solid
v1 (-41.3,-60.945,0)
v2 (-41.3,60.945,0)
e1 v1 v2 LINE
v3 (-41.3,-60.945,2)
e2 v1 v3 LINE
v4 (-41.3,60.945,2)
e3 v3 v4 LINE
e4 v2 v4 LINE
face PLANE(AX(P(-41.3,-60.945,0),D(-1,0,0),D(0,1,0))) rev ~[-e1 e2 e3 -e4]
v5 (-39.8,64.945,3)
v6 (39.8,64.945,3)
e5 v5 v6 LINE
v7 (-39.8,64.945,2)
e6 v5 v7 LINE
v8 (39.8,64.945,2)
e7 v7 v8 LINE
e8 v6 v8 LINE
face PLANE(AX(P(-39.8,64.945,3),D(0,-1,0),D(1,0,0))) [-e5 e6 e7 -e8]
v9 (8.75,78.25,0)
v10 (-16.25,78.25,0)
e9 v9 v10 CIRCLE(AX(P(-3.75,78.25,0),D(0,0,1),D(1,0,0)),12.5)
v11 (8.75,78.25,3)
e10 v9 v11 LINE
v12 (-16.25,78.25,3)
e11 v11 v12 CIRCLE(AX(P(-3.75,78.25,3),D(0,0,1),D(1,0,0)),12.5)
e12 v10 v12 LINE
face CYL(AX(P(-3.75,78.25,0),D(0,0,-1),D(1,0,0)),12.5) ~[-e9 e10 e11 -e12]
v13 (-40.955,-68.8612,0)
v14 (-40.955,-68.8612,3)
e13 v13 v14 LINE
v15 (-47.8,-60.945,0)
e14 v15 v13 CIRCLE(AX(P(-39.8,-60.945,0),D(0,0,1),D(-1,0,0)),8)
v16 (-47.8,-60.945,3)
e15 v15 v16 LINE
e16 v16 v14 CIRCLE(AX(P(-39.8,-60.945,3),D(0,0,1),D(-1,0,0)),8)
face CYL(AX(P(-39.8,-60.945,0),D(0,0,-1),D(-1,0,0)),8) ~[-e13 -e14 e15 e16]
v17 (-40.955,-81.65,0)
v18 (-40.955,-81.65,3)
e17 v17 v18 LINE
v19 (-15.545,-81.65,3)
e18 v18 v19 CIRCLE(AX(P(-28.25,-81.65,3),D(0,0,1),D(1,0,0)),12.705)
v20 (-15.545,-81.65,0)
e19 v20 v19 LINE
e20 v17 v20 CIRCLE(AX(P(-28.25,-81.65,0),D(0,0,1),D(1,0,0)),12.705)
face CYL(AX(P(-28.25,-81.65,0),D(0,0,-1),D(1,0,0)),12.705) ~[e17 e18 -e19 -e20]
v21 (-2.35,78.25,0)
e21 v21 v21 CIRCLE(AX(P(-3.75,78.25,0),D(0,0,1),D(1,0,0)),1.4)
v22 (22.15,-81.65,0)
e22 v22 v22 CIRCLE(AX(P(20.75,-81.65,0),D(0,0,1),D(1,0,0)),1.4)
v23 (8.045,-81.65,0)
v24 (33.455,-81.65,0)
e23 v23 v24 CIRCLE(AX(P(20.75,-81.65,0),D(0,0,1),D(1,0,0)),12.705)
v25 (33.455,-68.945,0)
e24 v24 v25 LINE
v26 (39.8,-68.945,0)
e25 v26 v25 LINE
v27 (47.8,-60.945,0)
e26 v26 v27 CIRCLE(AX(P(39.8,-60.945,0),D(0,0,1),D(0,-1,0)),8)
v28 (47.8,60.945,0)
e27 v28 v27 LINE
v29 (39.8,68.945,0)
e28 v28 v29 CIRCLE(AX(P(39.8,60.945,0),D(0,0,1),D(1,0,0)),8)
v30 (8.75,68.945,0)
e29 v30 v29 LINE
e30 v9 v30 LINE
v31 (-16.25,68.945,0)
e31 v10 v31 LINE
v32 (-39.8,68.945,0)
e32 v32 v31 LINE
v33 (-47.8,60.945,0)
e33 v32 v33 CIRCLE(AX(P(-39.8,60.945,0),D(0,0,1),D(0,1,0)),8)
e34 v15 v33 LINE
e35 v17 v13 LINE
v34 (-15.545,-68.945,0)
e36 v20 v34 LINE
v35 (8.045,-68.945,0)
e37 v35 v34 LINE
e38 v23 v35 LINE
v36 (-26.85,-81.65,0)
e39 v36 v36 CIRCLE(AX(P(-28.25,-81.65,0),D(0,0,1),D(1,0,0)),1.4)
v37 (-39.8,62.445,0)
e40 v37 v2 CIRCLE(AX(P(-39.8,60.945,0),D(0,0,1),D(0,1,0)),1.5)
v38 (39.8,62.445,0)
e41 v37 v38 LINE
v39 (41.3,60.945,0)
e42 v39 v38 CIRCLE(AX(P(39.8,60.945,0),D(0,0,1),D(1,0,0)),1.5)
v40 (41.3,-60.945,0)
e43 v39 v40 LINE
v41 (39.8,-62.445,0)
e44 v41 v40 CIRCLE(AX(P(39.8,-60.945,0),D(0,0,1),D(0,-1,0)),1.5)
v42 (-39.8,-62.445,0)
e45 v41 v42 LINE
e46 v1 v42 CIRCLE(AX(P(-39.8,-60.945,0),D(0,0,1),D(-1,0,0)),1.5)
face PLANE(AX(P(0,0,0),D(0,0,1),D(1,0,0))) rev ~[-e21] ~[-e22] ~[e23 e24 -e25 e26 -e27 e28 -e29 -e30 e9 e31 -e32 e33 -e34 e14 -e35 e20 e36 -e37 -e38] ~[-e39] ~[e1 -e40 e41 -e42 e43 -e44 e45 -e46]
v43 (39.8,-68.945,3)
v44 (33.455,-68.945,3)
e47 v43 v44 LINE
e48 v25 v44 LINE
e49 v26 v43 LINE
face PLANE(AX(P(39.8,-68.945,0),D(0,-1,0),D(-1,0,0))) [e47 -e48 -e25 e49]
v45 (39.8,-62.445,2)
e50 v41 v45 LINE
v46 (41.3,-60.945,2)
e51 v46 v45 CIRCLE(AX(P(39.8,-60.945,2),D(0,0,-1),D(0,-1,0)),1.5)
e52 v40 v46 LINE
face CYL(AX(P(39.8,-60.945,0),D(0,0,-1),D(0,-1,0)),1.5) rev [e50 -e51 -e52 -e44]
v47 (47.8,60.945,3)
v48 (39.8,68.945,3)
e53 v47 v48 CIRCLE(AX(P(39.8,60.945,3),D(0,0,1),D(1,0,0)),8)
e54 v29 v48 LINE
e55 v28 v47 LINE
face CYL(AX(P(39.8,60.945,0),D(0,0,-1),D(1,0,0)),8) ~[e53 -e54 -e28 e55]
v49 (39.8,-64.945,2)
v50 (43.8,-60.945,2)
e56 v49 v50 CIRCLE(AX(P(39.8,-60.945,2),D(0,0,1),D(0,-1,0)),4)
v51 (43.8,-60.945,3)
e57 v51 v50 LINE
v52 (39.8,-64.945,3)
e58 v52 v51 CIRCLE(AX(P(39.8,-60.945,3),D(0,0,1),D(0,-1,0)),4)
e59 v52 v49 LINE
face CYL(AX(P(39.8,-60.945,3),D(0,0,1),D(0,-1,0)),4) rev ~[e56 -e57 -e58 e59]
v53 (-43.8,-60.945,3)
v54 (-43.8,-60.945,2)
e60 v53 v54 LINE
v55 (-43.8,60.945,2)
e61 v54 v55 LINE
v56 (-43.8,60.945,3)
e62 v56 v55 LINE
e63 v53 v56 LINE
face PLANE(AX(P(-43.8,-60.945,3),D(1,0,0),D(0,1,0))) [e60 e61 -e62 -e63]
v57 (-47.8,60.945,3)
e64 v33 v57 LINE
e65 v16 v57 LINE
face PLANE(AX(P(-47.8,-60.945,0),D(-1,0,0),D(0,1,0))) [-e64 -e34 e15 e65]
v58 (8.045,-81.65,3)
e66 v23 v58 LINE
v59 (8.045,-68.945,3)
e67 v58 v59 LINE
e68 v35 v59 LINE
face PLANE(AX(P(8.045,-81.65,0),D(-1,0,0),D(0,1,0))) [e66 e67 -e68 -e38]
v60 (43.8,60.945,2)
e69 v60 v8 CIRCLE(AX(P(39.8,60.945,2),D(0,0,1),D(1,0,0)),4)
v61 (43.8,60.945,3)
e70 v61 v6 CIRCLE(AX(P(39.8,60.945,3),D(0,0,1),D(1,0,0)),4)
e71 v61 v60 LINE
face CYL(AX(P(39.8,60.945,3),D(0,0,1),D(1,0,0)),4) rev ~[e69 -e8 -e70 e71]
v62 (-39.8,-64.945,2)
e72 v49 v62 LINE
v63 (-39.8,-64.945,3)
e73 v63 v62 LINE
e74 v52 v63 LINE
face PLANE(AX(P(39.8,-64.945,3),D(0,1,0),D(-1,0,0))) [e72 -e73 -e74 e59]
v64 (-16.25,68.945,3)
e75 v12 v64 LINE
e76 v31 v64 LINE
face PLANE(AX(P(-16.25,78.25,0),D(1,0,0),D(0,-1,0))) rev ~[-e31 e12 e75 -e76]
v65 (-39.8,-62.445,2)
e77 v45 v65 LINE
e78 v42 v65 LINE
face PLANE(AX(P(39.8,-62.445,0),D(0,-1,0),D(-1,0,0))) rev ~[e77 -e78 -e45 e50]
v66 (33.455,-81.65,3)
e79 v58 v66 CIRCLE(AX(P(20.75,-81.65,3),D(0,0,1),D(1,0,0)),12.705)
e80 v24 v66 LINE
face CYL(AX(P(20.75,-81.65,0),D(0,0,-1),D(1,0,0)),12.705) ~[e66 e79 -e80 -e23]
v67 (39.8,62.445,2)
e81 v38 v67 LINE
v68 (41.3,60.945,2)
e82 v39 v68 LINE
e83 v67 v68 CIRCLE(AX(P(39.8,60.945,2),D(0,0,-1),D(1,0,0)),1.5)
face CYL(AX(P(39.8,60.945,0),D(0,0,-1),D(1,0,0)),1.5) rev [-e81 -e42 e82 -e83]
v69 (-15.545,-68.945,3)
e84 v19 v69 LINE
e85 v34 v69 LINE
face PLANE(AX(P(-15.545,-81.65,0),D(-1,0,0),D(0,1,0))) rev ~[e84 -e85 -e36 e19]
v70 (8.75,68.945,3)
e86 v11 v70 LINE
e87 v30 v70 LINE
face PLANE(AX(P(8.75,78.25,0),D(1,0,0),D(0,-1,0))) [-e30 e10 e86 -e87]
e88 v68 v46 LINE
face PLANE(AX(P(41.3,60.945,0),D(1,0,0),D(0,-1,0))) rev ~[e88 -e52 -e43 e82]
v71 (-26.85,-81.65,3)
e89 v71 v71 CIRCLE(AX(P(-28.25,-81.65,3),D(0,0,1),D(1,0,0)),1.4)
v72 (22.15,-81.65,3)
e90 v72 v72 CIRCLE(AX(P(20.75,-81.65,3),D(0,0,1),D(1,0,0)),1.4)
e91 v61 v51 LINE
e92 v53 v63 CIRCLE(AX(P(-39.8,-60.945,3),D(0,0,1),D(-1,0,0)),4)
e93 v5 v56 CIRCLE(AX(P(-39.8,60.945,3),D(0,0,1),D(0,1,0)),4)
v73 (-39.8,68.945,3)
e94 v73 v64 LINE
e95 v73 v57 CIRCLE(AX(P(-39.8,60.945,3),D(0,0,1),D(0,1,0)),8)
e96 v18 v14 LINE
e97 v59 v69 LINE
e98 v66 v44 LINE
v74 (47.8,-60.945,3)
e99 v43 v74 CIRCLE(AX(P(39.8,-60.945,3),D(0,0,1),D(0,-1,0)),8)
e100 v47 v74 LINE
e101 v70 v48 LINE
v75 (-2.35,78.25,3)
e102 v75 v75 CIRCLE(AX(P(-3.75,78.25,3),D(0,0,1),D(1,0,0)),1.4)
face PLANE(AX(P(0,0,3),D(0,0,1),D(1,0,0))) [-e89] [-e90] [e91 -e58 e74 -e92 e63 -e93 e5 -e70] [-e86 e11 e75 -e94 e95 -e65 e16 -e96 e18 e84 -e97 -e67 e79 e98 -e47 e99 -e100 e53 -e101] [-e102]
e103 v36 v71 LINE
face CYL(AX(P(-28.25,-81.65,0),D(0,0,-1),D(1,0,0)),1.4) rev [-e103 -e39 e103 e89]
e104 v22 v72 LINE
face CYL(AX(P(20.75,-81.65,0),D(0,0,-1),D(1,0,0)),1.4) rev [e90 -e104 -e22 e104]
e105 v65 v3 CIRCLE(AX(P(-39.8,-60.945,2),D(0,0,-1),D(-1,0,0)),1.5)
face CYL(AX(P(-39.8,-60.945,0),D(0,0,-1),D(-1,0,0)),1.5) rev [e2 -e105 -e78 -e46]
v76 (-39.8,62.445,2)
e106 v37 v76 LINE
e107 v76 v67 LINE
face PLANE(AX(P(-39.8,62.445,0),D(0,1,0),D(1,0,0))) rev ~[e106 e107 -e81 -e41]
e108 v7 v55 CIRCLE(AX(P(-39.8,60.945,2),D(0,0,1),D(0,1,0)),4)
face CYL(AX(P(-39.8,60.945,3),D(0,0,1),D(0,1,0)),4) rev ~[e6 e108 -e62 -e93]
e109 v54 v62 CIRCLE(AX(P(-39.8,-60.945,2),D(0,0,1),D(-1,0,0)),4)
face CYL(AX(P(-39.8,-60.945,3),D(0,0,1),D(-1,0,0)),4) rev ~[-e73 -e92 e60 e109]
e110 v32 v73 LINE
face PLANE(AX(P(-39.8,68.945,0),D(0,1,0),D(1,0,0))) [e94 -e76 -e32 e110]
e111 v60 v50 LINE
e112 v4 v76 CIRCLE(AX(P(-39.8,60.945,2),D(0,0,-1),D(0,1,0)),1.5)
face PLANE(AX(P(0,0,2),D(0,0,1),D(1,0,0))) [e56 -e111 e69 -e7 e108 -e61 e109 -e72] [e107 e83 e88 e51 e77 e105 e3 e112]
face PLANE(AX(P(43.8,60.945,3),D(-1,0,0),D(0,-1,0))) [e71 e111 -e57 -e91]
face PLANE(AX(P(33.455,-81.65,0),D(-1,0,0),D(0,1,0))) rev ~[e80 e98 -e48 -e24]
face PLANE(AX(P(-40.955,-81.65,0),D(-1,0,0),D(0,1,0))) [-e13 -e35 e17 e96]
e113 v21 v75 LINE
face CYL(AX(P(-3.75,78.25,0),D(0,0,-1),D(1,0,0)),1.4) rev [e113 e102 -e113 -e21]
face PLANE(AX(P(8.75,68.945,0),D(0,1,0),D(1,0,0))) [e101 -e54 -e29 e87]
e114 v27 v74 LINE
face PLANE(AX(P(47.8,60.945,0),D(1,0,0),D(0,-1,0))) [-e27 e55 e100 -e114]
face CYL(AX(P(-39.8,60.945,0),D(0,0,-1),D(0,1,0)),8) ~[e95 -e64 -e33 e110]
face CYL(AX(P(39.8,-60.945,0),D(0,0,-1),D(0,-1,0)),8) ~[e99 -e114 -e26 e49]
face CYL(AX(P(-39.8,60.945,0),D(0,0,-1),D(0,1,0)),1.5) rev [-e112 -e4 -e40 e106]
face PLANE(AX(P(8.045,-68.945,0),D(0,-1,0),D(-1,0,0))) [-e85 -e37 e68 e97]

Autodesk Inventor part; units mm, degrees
ref_plane "YZ Plane" through (0, 0, 0) normal (1, 0, 0) x (0, 1, 0)
ref_plane "XZ Plane" through (0, 0, 0) normal (0, 1, 0) x (-1, 0, 0)
ref_plane "XY Plane" through (0, 0, 0) normal (0, 0, 1) x (1, 0, 0)
ref_plane "Arbeitsebene1" through (0, 0, 0) normal (0, 0, 1) x (1, 0, 0)
sketch "Skizze1" plane through (0, 0, 0) normal (0, 0, 1) x (1, 0, 0)
  line L0 (-42.8, 60.945) -> (-42.8, -60.945) construction
  arc A0 (-42.8, -60.945) -> (-39.8, -63.945) centre (-39.8, -60.945) ccw construction
  line L1 (-39.8, -63.945) -> (39.8, -63.945) construction
  arc A1 (39.8, -63.945) -> (42.8, -60.945) centre (39.8, -60.945) ccw construction
  line L2 (42.8, -60.945) -> (42.8, 60.945) construction
  arc A2 (42.8, 60.945) -> (39.8, 63.945) centre (39.8, 60.945) ccw construction
  line L3 (39.8, 63.945) -> (-39.8, 63.945) construction
  arc A3 (-39.8, 63.945) -> (-42.8, 60.945) centre (-39.8, 60.945) ccw construction
  line L4 (-41.3, 51.2024) -> (-41.3, -59.445) construction
  arc A4 (-40.4213, 53.3237) -> (-41.3, 51.2024) centre (-38.3, 51.2024) ccw construction
  line L5 (-40.4213, 53.3237) -> (-32.1787, 61.5663) construction
  arc A5 (-30.0574, 62.445) -> (-32.1787, 61.5663) centre (-30.0574, 59.445) ccw construction
  line L6 (30.0574, 62.445) -> (-30.0574, 62.445) construction
  arc A6 (32.1787, 61.5663) -> (30.0574, 62.445) centre (30.0574, 59.445) ccw construction
  line L7 (32.1787, 61.5663) -> (40.4213, 53.3237) construction
  arc A7 (41.3, 51.2024) -> (40.4213, 53.3237) centre (38.3, 51.2024) ccw construction
  line L8 (41.3, -59.445) -> (41.3, 51.2024) construction
  arc A8 (38.3, -62.445) -> (41.3, -59.445) centre (38.3, -59.445) ccw construction
  line L9 (-38.3, -62.445) -> (38.3, -62.445) construction
  arc A9 (-41.3, -59.445) -> (-38.3, -62.445) centre (-38.3, -59.445) ccw construction
  line L10 (41.3, 60.945) -> (41.3, -60.945)
  arc A10 (39.8, -62.445) -> (41.3, -60.945) centre (39.8, -60.945) ccw
  line L11 (39.8, -62.445) -> (-39.8, -62.445)
  arc A11 (-41.3, -60.945) -> (-39.8, -62.445) centre (-39.8, -60.945) ccw
  line L12 (-41.3, -60.945) -> (-41.3, 60.945)
  arc A12 (-39.8, 62.445) -> (-41.3, 60.945) centre (-39.8, 60.945) ccw
  line L13 (-39.8, 62.445) -> (39.8, 62.445)
  arc A13 (41.3, 60.945) -> (39.8, 62.445) centre (39.8, 60.945) ccw
  line L14 (47.8, 60.945) -> (47.8, -60.945)
  arc A14 (39.8, -68.945) -> (47.8, -60.945) centre (39.8, -60.945) ccw
  line L15 (39.8, -68.945) -> (-39.8, -68.945)
  arc A15 (-47.8, -60.945) -> (-39.8, -68.945) centre (-39.8, -60.945) ccw
  line L16 (-47.8, -60.945) -> (-47.8, 60.945)
  arc A16 (-39.8, 68.945) -> (-47.8, 60.945) centre (-39.8, 60.945) ccw
  line L17 (-39.8, 68.945) -> (39.8, 68.945)
  arc A17 (47.8, 60.945) -> (39.8, 68.945) centre (39.8, 60.945) ccw
  circle A18 centre (-3.75, 78.25) radius 8.5 projected
  circle A19 centre (20.75, -81.65) radius 8.5 projected
  circle A20 centre (-28.25, -81.65) radius 8.5 projected
  circle A21 centre (20.75, -81.65) radius 12.705
  circle A22 centre (-28.25, -81.65) radius 12.705
  circle A23 centre (-3.75, 78.25) radius 12.5
  line L18 (8.75, 78.25) -> (8.75, 68.945)
  line L19 (-16.25, 78.25) -> (-16.25, 68.945)
  line L20 (-40.955, -81.65) -> (-40.955, -68.8612)
  line L21 (-15.545, -81.65) -> (-15.545, -68.945)
  line L22 (8.045, -81.65) -> (8.045, -68.945)
  line L23 (33.455, -81.65) -> (33.455, -68.945)
  circle A24 centre (-3.75, 78.25) radius 1.4
  circle A25 centre (20.75, -81.65) radius 1.4
  circle A26 centre (-28.25, -81.65) radius 1.4
  point P0 (0, 0)
  dimension "d0" = 5
  dimension "d1" = 1.5
  dimension "d2" = 25
  dimension "d3" = 2.8
  dimension "d4" = 2.8
  dimension "d5" = 2.8
extrude "Extrusion1" add sketch "Skizze1" along normal blind 3 contours L14 A14 L15 A15 L16 A16 L17 A23 A17 | L17 A23 L18 | L23 A21 L15 | A23 L17 | L17 A23 | A21 L22 L15 | A21 | L17 L19 A23 | L21 A22 L15 | A22 L20 A15 L15 | A22 | A18 | A19 | A20
sketch "Skizze2" plane through (0, 0, 3) normal (0, 0, 1) x (1, 0, 0)
  line L0 (-42.8, 60.945) -> (-42.8, -60.945) projected
  arc A0 (-42.8, -60.945) -> (-39.8, -63.945) centre (-39.8, -60.945) ccw projected
  line L1 (-39.8, -63.945) -> (39.8, -63.945) projected
  arc A1 (39.8, -63.945) -> (42.8, -60.945) centre (39.8, -60.945) ccw projected
  line L2 (42.8, -60.945) -> (42.8, 60.945) projected
  arc A2 (42.8, 60.945) -> (39.8, 63.945) centre (39.8, 60.945) ccw projected
  line L3 (39.8, 63.945) -> (-39.8, 63.945) projected
  arc A3 (-39.8, 63.945) -> (-42.8, 60.945) centre (-39.8, 60.945) ccw projected
  line L4 (-41.3, 51.2024) -> (-41.3, -59.445) projected
  arc A4 (-40.4213, 53.3237) -> (-41.3, 51.2024) centre (-38.3, 51.2024) ccw projected
  line L5 (-40.4213, 53.3237) -> (-32.1787, 61.5663) projected
  arc A5 (-30.0574, 62.445) -> (-32.1787, 61.5663) centre (-30.0574, 59.445) ccw projected
  line L6 (30.0574, 62.445) -> (-30.0574, 62.445) projected
  arc A6 (32.1787, 61.5663) -> (30.0574, 62.445) centre (30.0574, 59.445) ccw projected
  line L7 (32.1787, 61.5663) -> (40.4213, 53.3237) projected
  arc A7 (41.3, 51.2024) -> (40.4213, 53.3237) centre (38.3, 51.2024) ccw projected
  line L8 (41.3, -59.445) -> (41.3, 51.2024) projected
  arc A8 (38.3, -62.445) -> (41.3, -59.445) centre (38.3, -59.445) ccw projected
  line L9 (-38.3, -62.445) -> (38.3, -62.445) projected
  arc A9 (-41.3, -59.445) -> (-38.3, -62.445) centre (-38.3, -59.445) ccw projected
  line L10 (43.8, 60.945) -> (43.8, -60.945)
  arc A10 (39.8, -64.945) -> (43.8, -60.945) centre (39.8, -60.945) ccw
  line L11 (39.8, -64.945) -> (-39.8, -64.945)
  arc A11 (-43.8, -60.945) -> (-39.8, -64.945) centre (-39.8, -60.945) ccw
  line L12 (-43.8, -60.945) -> (-43.8, 60.945)
  arc A12 (-39.8, 64.945) -> (-43.8, 60.945) centre (-39.8, 60.945) ccw
  line L13 (-39.8, 64.945) -> (39.8, 64.945)
  arc A13 (43.8, 60.945) -> (39.8, 64.945) centre (39.8, 60.945) ccw
  point P0 (0, 0)
  dimension "d8" = 1
extrude "Extrusion2" cut sketch "Skizze2" against normal blind 1 contours A3 L3 A2 L2 A1 L1 A0 L0 | A4 L5 A5 L6 A6 L7 A7 L8 A8 L9 A9 L4 | L10 A10 L11 A11 L12 A12 L13 A13
properties part number "Omniscope_Wellcarrier"
